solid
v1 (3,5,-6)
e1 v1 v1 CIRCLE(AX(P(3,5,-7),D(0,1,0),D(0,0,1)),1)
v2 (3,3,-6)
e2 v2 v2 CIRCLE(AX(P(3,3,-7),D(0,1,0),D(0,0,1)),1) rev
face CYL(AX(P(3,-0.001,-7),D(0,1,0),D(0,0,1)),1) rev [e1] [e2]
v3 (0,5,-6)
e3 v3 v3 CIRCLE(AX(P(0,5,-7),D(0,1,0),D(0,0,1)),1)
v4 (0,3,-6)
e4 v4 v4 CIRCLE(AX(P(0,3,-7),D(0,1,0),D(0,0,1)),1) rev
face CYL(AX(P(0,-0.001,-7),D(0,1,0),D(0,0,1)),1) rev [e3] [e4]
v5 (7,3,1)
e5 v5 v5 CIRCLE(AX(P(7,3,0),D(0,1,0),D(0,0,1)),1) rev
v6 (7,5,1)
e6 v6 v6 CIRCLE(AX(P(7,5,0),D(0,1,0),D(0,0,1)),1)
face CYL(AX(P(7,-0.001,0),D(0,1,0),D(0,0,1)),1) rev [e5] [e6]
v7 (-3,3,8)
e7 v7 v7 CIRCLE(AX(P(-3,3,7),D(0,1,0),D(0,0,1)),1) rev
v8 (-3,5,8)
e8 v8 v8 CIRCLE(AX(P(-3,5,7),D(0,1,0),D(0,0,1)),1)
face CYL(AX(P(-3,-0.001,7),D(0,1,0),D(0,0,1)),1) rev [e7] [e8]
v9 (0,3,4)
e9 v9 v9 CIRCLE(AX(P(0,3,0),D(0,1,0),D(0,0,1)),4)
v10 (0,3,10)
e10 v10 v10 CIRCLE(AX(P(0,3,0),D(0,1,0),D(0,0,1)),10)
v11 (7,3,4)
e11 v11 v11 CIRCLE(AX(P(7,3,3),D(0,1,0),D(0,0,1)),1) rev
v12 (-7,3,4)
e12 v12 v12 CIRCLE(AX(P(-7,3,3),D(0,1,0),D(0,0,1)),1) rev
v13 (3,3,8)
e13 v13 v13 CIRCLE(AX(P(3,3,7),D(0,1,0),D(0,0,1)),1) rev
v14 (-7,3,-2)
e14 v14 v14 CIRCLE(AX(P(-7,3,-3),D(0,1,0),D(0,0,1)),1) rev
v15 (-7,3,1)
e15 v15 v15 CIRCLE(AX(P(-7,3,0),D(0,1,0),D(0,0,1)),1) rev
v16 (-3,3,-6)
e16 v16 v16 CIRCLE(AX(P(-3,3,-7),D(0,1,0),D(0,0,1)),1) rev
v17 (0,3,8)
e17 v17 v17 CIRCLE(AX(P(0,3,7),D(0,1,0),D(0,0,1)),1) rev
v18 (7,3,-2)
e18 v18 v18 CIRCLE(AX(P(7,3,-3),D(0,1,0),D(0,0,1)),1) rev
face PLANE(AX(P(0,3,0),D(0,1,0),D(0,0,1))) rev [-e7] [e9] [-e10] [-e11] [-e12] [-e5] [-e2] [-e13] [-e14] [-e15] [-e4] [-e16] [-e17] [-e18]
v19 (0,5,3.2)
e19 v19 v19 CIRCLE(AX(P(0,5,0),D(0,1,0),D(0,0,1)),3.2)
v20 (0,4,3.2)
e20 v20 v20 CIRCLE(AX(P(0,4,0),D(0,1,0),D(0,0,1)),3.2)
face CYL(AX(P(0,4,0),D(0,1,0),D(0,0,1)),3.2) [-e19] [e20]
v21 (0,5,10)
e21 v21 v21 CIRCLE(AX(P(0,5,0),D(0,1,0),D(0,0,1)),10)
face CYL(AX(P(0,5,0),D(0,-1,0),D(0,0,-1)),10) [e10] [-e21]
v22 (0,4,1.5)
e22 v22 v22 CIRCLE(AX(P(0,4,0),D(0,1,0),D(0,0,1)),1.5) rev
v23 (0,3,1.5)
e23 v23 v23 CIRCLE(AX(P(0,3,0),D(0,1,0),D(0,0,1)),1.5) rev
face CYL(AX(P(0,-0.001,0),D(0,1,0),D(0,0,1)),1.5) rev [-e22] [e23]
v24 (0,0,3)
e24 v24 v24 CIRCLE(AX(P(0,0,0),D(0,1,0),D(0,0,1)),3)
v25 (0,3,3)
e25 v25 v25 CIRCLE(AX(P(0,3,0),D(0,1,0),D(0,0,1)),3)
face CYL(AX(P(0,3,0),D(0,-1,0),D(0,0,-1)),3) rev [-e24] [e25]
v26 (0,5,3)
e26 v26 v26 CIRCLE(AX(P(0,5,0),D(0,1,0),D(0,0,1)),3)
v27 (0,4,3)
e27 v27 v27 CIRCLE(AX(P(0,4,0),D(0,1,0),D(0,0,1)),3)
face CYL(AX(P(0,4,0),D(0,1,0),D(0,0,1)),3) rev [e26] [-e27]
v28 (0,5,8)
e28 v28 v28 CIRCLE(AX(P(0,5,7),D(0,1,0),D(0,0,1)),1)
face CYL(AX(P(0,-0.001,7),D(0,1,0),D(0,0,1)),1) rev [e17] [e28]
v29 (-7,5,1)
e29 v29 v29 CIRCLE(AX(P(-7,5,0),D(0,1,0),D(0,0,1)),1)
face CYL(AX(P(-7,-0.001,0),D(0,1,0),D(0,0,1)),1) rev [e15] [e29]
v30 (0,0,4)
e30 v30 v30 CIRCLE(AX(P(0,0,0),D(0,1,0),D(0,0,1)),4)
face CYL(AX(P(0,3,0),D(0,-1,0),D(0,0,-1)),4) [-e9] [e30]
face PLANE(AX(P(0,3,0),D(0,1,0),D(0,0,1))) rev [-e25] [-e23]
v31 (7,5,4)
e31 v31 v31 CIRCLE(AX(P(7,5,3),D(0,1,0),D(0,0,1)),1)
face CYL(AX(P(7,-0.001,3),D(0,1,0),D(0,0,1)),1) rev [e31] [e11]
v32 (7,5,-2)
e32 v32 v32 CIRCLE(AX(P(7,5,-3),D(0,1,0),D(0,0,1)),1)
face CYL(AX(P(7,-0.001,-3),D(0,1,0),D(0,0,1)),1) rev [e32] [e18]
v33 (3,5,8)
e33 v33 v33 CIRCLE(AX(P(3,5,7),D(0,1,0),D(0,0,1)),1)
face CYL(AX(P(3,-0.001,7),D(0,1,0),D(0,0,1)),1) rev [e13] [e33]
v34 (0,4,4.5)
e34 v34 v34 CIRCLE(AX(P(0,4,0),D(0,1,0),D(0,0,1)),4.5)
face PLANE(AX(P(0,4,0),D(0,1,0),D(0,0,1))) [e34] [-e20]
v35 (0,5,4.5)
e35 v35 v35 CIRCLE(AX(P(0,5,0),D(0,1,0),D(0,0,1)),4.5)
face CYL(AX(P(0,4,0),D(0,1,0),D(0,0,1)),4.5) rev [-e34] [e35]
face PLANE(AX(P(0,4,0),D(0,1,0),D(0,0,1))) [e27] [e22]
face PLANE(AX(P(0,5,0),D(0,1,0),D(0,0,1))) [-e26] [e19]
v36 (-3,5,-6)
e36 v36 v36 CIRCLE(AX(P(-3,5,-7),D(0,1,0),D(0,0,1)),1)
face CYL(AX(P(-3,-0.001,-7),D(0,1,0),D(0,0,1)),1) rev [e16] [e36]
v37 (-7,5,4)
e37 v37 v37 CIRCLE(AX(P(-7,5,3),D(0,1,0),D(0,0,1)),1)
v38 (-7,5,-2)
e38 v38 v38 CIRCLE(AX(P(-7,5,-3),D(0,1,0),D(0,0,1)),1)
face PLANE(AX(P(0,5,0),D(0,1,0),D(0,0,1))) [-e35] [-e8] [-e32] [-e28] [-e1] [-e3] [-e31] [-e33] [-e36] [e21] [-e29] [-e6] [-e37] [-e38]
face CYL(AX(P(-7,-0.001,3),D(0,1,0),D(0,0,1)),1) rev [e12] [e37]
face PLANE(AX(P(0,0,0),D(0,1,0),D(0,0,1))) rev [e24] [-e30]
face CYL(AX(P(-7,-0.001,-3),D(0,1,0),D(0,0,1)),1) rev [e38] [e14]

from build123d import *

# Parameters (mm, degrees)
SKETCH1_R           = 4
SKETCH1_R_2         = 3
BOSS_EXTRUDE1_DEPTH = 3
SKETCH2_R           = 10
BOSS_EXTRUDE2_DEPTH = 2
CUT_EXTRUDE1_REACH  = 17
SKETCH3_R           = 1
SKETCH3_R_2         = 1.5
SKETCH4_R           = 4.5
SKETCH4_R_2         = 3.2
SKETCH4_R_3         = 3
SKETCH4_R_4         = 1.5
CUT_EXTRUDE2_DEPTH  = 1


with BuildPart() as part:
    # Sketch1 → Boss-Extrude1 (new body)
    with BuildSketch(Plane(origin=(0, 0, 0), x_dir=(1, 0, 0), z_dir=(0, 1, 0))):
        with Locations(Location((0, 0, 0), (0, 0, 270))):
            Circle(SKETCH1_R)
        with Locations(Location((0, 0, 0), (0, 0, 270))):
            Circle(SKETCH1_R_2, mode=Mode.SUBTRACT)
    extrude(amount=BOSS_EXTRUDE1_DEPTH)

    # Sketch2 → Boss-Extrude2 (add)
    with BuildSketch(Plane(origin=(0, 3, 0), x_dir=(1, 0, 0), z_dir=(0, 1, 0))):
        with Locations(Location((0, 0, 0), (0, 0, 270))):
            Circle(SKETCH2_R)
    extrude(amount=BOSS_EXTRUDE2_DEPTH)

    # Sketch3 → Cut-Extrude1 (cut, up to next)
    with BuildSketch(Plane(origin=(0, 5, 0), x_dir=(1, 0, 0), z_dir=(0, 1, 0)), mode=Mode.PRIVATE) as cut_extrude1_sk1:
        with Locations(Location((0, 7, 0), (0, 0, 270))):
            Circle(SKETCH3_R)
    cut_extrude1_tool1 = extrude(cut_extrude1_sk1.sketch, amount=-CUT_EXTRUDE1_REACH, mode=Mode.PRIVATE) & part.part
    # Sketch3 → Cut-Extrude1 (cut, up to next)
    with BuildSketch(Plane(origin=(0, 5, 0), x_dir=(1, 0, 0), z_dir=(0, 1, 0)), mode=Mode.PRIVATE) as cut_extrude1_sk2:
        with Locations(Location((3, 7, 0), (0, 0, 270))):
            Circle(SKETCH3_R)
    cut_extrude1_tool2 = extrude(cut_extrude1_sk2.sketch, amount=-CUT_EXTRUDE1_REACH, mode=Mode.PRIVATE) & part.part
    # Sketch3 → Cut-Extrude1 (cut, up to next)
    with BuildSketch(Plane(origin=(0, 5, 0), x_dir=(1, 0, 0), z_dir=(0, 1, 0)), mode=Mode.PRIVATE) as cut_extrude1_sk3:
        with Locations(Location((-3, 7, 0), (0, 0, 270))):
            Circle(SKETCH3_R)
    cut_extrude1_tool3 = extrude(cut_extrude1_sk3.sketch, amount=-CUT_EXTRUDE1_REACH, mode=Mode.PRIVATE) & part.part
    # Sketch3 → Cut-Extrude1 (cut, up to next)
    with BuildSketch(Plane(origin=(0, 5, 0), x_dir=(1, 0, 0), z_dir=(0, 1, 0)), mode=Mode.PRIVATE) as cut_extrude1_sk4:
        with Locations(Location((7, 3, 0), (0, 0, 270))):
            Circle(SKETCH3_R)
    cut_extrude1_tool4 = extrude(cut_extrude1_sk4.sketch, amount=-CUT_EXTRUDE1_REACH, mode=Mode.PRIVATE) & part.part
    # Sketch3 → Cut-Extrude1 (cut, up to next)
    with BuildSketch(Plane(origin=(0, 5, 0), x_dir=(1, 0, 0), z_dir=(0, 1, 0)), mode=Mode.PRIVATE) as cut_extrude1_sk5:
        with Locations(Location((7, 0, 0), (0, 0, 270))):
            Circle(SKETCH3_R)
    cut_extrude1_tool5 = extrude(cut_extrude1_sk5.sketch, amount=-CUT_EXTRUDE1_REACH, mode=Mode.PRIVATE) & part.part
    # Sketch3 → Cut-Extrude1 (cut, up to next)
    with BuildSketch(Plane(origin=(0, 5, 0), x_dir=(1, 0, 0), z_dir=(0, 1, 0)), mode=Mode.PRIVATE) as cut_extrude1_sk6:
        with Locations(Location((7, -3, 0), (0, 0, 270))):
            Circle(SKETCH3_R)
    cut_extrude1_tool6 = extrude(cut_extrude1_sk6.sketch, amount=-CUT_EXTRUDE1_REACH, mode=Mode.PRIVATE) & part.part
    # Sketch3 → Cut-Extrude1 (cut, up to next)
    with BuildSketch(Plane(origin=(0, 5, 0), x_dir=(1, 0, 0), z_dir=(0, 1, 0)), mode=Mode.PRIVATE) as cut_extrude1_sk7:
        with Locations(Location((3, -7, 0), (0, 0, 270))):
            Circle(SKETCH3_R)
    cut_extrude1_tool7 = extrude(cut_extrude1_sk7.sketch, amount=-CUT_EXTRUDE1_REACH, mode=Mode.PRIVATE) & part.part
    # Sketch3 → Cut-Extrude1 (cut, up to next)
    with BuildSketch(Plane(origin=(0, 5, 0), x_dir=(1, 0, 0), z_dir=(0, 1, 0)), mode=Mode.PRIVATE) as cut_extrude1_sk8:
        with Locations(Location((0, -7, 0), (0, 0, 270))):
            Circle(SKETCH3_R)
    cut_extrude1_tool8 = extrude(cut_extrude1_sk8.sketch, amount=-CUT_EXTRUDE1_REACH, mode=Mode.PRIVATE) & part.part
    # Sketch3 → Cut-Extrude1 (cut, up to next)
    with BuildSketch(Plane(origin=(0, 5, 0), x_dir=(1, 0, 0), z_dir=(0, 1, 0)), mode=Mode.PRIVATE) as cut_extrude1_sk9:
        with Locations(Location((-3, -7, 0), (0, 0, 270))):
            Circle(SKETCH3_R)
    cut_extrude1_tool9 = extrude(cut_extrude1_sk9.sketch, amount=-CUT_EXTRUDE1_REACH, mode=Mode.PRIVATE) & part.part
    # Sketch3 → Cut-Extrude1 (cut, up to next)
    with BuildSketch(Plane(origin=(0, 5, 0), x_dir=(1, 0, 0), z_dir=(0, 1, 0)), mode=Mode.PRIVATE) as cut_extrude1_sk10:
        with Locations(Location((-7, -3, 0), (0, 0, 270))):
            Circle(SKETCH3_R)
    cut_extrude1_tool10 = extrude(cut_extrude1_sk10.sketch, amount=-CUT_EXTRUDE1_REACH, mode=Mode.PRIVATE) & part.part
    # Sketch3 → Cut-Extrude1 (cut, up to next)
    with BuildSketch(Plane(origin=(0, 5, 0), x_dir=(1, 0, 0), z_dir=(0, 1, 0)), mode=Mode.PRIVATE) as cut_extrude1_sk11:
        with Locations(Location((-7, 0, 0), (0, 0, 270))):
            Circle(SKETCH3_R)
    cut_extrude1_tool11 = extrude(cut_extrude1_sk11.sketch, amount=-CUT_EXTRUDE1_REACH, mode=Mode.PRIVATE) & part.part
    # Sketch3 → Cut-Extrude1 (cut, up to next)
    with BuildSketch(Plane(origin=(0, 5, 0), x_dir=(1, 0, 0), z_dir=(0, 1, 0)), mode=Mode.PRIVATE) as cut_extrude1_sk12:
        with Locations(Location((-7, 3, 0), (0, 0, 270))):
            Circle(SKETCH3_R)
    cut_extrude1_tool12 = extrude(cut_extrude1_sk12.sketch, amount=-CUT_EXTRUDE1_REACH, mode=Mode.PRIVATE) & part.part
    # Sketch3 → Cut-Extrude1 (cut, up to next)
    with BuildSketch(Plane(origin=(0, 5, 0), x_dir=(1, 0, 0), z_dir=(0, 1, 0)), mode=Mode.PRIVATE) as cut_extrude1_sk13:
        with Locations(Location((0, 0, 0), (0, 0, 270))):
            Circle(SKETCH3_R_2)
    cut_extrude1_tool13 = extrude(cut_extrude1_sk13.sketch, amount=-CUT_EXTRUDE1_REACH, mode=Mode.PRIVATE) & part.part
    add(cut_extrude1_tool1.solids().sort_by_distance((0, 5, -7))[0], mode=Mode.SUBTRACT)
    add(cut_extrude1_tool2.solids().sort_by_distance((3, 5, -7))[0], mode=Mode.SUBTRACT)
    add(cut_extrude1_tool3.solids().sort_by_distance((-3, 5, -7))[0], mode=Mode.SUBTRACT)
    add(cut_extrude1_tool4.solids().sort_by_distance((7, 5, -3))[0], mode=Mode.SUBTRACT)
    add(cut_extrude1_tool5.solids().sort_by_distance((7, 5, 0))[0], mode=Mode.SUBTRACT)
    add(cut_extrude1_tool6.solids().sort_by_distance((7, 5, 3))[0], mode=Mode.SUBTRACT)
    add(cut_extrude1_tool7.solids().sort_by_distance((3, 5, 7))[0], mode=Mode.SUBTRACT)
    add(cut_extrude1_tool8.solids().sort_by_distance((0, 5, 7))[0], mode=Mode.SUBTRACT)
    add(cut_extrude1_tool9.solids().sort_by_distance((-3, 5, 7))[0], mode=Mode.SUBTRACT)
    add(cut_extrude1_tool10.solids().sort_by_distance((-7, 5, 3))[0], mode=Mode.SUBTRACT)
    add(cut_extrude1_tool11.solids().sort_by_distance((-7, 5, 0))[0], mode=Mode.SUBTRACT)
    add(cut_extrude1_tool12.solids().sort_by_distance((-7, 5, -3))[0], mode=Mode.SUBTRACT)
    add(cut_extrude1_tool13.solids().sort_by_distance((0, 5, 0))[0], mode=Mode.SUBTRACT)

    # Sketch4 → Cut-Extrude2 (cut)
    # profile 1 of 2: a face of its own
    with BuildSketch(Plane(origin=(0, 5, 0), x_dir=(1, 0, 0), z_dir=(0, 1, 0))):
        with Locations(Location((0, 0, 0), (0, 0, 270))):
            Circle(SKETCH4_R)
        with Locations(Location((0, 0, 0), (0, 0, 270))):
            Circle(SKETCH4_R_2, mode=Mode.SUBTRACT)
    # profile 2 of 2: a face of its own
    with BuildSketch(Plane(origin=(0, 5, 0), x_dir=(1, 0, 0), z_dir=(0, 1, 0))):
        with Locations(Location((0, 0, 0), (0, 0, 270))):
            Circle(SKETCH4_R_3)
        with Locations(Location((0, 0, 0), (0, 0, 270))):
            Circle(SKETCH4_R_4, mode=Mode.SUBTRACT)
    extrude(amount=-CUT_EXTRUDE2_DEPTH, mode=Mode.SUBTRACT)


solid = part.part
